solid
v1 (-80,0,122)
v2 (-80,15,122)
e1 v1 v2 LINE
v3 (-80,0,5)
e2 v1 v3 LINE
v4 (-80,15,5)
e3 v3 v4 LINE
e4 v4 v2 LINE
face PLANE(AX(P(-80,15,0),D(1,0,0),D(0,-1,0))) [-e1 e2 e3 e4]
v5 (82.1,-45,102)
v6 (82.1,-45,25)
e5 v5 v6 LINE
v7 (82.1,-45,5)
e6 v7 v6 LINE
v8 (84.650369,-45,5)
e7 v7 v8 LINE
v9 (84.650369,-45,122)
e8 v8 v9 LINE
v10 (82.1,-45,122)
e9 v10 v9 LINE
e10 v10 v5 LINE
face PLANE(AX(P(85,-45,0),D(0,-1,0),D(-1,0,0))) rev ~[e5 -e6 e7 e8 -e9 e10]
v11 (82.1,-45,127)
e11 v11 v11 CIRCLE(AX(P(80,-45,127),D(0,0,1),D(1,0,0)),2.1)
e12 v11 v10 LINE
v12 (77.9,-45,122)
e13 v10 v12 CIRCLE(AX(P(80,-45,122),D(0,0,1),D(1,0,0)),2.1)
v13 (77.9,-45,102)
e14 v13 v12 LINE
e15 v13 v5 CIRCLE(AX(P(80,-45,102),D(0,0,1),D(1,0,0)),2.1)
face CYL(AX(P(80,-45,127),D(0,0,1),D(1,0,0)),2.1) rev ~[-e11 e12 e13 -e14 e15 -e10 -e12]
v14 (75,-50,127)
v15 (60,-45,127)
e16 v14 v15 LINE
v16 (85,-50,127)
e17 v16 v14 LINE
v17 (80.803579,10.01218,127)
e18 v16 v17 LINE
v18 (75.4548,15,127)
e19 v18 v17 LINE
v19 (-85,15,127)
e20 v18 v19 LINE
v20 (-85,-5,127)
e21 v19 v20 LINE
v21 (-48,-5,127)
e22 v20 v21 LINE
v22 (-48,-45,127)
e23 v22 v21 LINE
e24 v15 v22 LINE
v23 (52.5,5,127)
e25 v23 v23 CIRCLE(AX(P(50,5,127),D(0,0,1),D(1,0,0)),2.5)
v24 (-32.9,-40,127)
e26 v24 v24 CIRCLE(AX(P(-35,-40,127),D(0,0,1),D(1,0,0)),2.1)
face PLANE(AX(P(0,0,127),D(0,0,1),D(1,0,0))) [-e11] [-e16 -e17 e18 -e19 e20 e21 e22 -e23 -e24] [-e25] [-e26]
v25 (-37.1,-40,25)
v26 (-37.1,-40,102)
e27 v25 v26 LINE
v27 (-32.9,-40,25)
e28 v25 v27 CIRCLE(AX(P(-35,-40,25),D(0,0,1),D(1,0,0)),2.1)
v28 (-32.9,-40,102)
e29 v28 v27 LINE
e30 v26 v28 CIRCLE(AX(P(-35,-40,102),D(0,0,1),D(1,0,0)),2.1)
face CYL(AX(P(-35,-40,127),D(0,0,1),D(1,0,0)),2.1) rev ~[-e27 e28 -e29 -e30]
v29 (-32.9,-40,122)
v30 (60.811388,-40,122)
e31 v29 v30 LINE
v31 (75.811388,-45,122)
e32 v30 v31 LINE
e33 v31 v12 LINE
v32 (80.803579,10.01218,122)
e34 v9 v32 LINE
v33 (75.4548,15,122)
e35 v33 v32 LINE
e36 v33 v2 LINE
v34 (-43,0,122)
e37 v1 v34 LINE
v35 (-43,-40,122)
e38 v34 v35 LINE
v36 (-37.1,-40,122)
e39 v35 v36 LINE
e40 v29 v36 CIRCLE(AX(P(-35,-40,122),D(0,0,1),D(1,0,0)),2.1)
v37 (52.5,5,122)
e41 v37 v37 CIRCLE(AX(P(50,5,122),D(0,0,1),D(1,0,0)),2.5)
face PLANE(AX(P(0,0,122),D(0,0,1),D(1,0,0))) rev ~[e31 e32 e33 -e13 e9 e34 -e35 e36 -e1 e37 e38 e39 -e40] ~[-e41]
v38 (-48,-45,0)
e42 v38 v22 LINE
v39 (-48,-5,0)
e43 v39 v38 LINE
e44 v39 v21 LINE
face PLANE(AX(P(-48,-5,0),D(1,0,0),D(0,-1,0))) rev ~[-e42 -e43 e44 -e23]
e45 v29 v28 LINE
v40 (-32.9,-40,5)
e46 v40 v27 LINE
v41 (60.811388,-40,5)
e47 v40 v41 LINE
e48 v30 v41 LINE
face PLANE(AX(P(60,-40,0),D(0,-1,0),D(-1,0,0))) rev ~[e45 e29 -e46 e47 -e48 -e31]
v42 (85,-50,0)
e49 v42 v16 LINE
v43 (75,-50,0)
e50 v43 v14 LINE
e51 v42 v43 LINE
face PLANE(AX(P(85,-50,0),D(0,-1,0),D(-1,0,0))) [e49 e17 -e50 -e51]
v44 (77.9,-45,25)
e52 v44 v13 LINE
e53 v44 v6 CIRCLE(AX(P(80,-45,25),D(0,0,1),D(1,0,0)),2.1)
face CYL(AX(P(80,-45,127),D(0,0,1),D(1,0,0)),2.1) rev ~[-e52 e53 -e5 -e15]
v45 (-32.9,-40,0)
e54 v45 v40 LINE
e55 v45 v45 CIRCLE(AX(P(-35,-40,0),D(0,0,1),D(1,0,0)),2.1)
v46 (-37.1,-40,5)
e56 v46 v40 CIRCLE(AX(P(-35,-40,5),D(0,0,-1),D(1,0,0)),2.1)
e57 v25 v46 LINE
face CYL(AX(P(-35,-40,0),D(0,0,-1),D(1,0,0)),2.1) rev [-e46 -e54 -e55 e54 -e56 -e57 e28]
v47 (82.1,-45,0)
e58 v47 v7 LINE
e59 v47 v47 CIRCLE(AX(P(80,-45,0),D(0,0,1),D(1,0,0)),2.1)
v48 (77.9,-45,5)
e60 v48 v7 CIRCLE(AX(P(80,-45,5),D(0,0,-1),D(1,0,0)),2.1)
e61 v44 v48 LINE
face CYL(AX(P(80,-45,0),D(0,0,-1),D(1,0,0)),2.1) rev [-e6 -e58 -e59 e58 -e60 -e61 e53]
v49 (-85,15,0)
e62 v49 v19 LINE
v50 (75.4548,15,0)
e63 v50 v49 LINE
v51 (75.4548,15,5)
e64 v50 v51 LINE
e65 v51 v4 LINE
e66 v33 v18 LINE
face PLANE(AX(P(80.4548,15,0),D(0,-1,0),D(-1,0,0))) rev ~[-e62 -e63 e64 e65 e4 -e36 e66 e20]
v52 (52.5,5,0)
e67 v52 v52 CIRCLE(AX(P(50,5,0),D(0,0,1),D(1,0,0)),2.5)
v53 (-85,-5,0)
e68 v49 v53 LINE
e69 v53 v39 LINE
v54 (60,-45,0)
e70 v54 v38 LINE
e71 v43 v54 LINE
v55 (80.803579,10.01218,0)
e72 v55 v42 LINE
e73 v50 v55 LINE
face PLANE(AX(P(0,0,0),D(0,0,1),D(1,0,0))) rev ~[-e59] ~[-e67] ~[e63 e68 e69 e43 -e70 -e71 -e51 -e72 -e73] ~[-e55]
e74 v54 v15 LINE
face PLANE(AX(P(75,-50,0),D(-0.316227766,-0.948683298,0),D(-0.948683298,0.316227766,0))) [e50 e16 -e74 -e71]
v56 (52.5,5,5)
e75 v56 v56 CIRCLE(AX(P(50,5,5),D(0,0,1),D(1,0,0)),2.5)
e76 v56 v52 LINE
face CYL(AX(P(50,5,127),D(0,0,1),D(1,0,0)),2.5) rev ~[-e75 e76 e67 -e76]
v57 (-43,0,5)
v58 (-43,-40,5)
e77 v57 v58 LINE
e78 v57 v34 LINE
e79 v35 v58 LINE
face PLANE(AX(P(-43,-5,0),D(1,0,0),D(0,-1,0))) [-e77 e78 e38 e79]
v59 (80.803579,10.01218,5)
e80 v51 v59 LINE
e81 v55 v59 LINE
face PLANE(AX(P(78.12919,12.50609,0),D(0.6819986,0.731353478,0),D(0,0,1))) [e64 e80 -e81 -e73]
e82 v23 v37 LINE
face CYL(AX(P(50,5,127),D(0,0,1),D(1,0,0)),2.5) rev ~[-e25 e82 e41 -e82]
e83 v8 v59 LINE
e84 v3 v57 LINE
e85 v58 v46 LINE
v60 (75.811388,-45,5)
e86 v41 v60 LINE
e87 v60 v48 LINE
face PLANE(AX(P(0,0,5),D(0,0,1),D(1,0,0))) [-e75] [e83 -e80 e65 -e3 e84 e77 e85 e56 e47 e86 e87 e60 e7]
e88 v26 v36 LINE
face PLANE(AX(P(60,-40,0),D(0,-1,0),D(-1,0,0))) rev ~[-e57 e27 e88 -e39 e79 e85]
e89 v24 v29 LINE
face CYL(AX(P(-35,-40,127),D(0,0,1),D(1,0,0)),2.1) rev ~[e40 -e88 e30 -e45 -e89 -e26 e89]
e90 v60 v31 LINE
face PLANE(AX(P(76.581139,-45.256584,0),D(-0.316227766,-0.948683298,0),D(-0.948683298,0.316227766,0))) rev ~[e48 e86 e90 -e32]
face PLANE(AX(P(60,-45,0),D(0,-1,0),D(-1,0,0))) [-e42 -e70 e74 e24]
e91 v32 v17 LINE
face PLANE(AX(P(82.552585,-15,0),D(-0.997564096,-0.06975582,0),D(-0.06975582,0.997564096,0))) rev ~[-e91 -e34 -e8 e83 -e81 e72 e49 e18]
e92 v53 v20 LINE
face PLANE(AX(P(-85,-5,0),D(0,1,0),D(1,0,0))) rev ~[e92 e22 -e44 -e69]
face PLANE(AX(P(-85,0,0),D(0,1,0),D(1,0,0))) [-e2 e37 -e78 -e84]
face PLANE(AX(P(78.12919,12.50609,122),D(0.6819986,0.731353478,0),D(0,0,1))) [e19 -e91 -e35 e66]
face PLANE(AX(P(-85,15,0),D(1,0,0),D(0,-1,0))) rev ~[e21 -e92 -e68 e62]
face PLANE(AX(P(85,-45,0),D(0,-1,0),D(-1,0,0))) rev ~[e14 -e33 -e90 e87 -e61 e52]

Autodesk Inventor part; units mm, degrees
ref_plane "YZ Plane" through (0, 0, 0) normal (1, 0, 0) x (0, 1, 0)
ref_plane "XZ Plane" through (0, 0, 0) normal (0, 1, 0) x (-1, 0, 0)
sketch "Sketch1" plane through (0, 0, 0) normal (0, 0, 1) x (1, 0, 0)
  line L0 (-85, -15) -> (85, -15)
  line L1 (85, -15) -> (85, 15)
  line L2 (85, 15) -> (-85, 15)
  line L3 (-85, 15) -> (-85, -15)
  line L4 (-85, -15) -> (85, 15) construction
  line L5 (85, -15) -> (-85, 15) construction
  circle A0 centre (-35, -40) radius 2.1
  circle A1 centre (80, -45) radius 2.1
  line L6 (85, -50) -> (75, -50)
  line L7 (75, -50) -> (75, -15) construction
  line L8 (75, -15) -> (85, -15)
  line L9 (85, -15) -> (85, -50)
  line L10 (85, -50) -> (75, -15) construction
  line L11 (75, -50) -> (85, -15) construction
  line L12 (-32.5, -15) -> (-47.5, -15)
  line L13 (-48, -15) -> (75, -15)
  line L14 (75, -45) -> (-48, -45)
  line L15 (-48, -45) -> (-48, -15)
  line L16 (-85, -5) -> (-48, -5)
  line L17 (-48, -5) -> (-48, -15)
  line L18 (85, -50) -> (80.4548, 15)
  line L19 (75, -50) -> (60, -45)
  point P0 (0, 0)
  point P1 (80, -32.5)
  point P2 (85, -15)
  point P3 (12.5, -15)
  point P4 (7.5, -15)
  point P5 (-47.5, -15)
  point P6 (-48, -15)
  point P7 (82.5526, -15)
  dimension "d0" = 170
  dimension "d1" = 30
  dimension "d2" = 4.2
  dimension "d5" = 4.2
  dimension "d7" = 5
  dimension "d10" = 30
  dimension "d14" = 13
  dimension "d15" = 30
  dimension "d18" = 25
  dimension "d19" = 35
  dimension "d20" = 20
  dimension "d21" = 37
  dimension "d36" = 4
  dimension "d43" = 15
extrude "Extrusion1" add sketch "Sketch1" along normal blind 127 contours L17 L16 L3 L2 L18 L0 | L0 L18 L6 L19 L14 L15 | A0 | A1
shell "Shell3" thickness 5 removed faces 2 at (83.4849, -28.3333, 42.3333) at (25.3032, 15, 42.3333)
extrude "Extrusion2" cut sketch "Sketch1" along normal blind 25 contours A0 | A1
sketch "Sketch2" plane through (0, 0, 127) normal (0, 0, 1) x (1, 0, 0)
  circle A0 centre (50, 5) radius 2.5
  line L0 (-85, 15) -> (-85, -5) construction
  line L1 (80.4548, 15) -> (-85, 15) construction
  line L2 (-48, -45) -> (60, -45) projected
  line L3 (60, -45) -> (75, -50) projected
  line L4 (75, -50) -> (85, -50) projected
  line L5 (85, -50) -> (80.4548, 15) projected
  line L6 (-85, -5) -> (-48, -5) projected
  line L7 (-48, -5) -> (-48, -45) projected
  point P0 (0, 0)
  dimension "d22" = 5
  dimension "d24" = 10
ref_plane "Work Plane1" through (0, 0, 63.5) normal (0, 0, -1) x (-1, 0, 0)
mirror "Mirror1" about plane through (0, 0, 63.5) normal (0, 0, -1) of "Extrusion2"
extrude "Extrusion4" cut sketch "Sketch2" against normal through all
chamfer "Chamfer2" distance 5 angle 45 2 edges at (80.4548, 15, 124.5) (80.4548, 15, 2.5)
sketch "Sketch3" plane through (0, 0, 127) normal (0, 0, 1) x (1, 0, 0)
  circle A0 centre (-35, -40) radius 2.1 projected
  circle A1 centre (80, -45) radius 2.1 projected
  point P0 (0, 0)
extrude "Extrusion5" cut sketch "Sketch3" against normal through all
equation "\"d5\" = d2"
properties part number "bed"
